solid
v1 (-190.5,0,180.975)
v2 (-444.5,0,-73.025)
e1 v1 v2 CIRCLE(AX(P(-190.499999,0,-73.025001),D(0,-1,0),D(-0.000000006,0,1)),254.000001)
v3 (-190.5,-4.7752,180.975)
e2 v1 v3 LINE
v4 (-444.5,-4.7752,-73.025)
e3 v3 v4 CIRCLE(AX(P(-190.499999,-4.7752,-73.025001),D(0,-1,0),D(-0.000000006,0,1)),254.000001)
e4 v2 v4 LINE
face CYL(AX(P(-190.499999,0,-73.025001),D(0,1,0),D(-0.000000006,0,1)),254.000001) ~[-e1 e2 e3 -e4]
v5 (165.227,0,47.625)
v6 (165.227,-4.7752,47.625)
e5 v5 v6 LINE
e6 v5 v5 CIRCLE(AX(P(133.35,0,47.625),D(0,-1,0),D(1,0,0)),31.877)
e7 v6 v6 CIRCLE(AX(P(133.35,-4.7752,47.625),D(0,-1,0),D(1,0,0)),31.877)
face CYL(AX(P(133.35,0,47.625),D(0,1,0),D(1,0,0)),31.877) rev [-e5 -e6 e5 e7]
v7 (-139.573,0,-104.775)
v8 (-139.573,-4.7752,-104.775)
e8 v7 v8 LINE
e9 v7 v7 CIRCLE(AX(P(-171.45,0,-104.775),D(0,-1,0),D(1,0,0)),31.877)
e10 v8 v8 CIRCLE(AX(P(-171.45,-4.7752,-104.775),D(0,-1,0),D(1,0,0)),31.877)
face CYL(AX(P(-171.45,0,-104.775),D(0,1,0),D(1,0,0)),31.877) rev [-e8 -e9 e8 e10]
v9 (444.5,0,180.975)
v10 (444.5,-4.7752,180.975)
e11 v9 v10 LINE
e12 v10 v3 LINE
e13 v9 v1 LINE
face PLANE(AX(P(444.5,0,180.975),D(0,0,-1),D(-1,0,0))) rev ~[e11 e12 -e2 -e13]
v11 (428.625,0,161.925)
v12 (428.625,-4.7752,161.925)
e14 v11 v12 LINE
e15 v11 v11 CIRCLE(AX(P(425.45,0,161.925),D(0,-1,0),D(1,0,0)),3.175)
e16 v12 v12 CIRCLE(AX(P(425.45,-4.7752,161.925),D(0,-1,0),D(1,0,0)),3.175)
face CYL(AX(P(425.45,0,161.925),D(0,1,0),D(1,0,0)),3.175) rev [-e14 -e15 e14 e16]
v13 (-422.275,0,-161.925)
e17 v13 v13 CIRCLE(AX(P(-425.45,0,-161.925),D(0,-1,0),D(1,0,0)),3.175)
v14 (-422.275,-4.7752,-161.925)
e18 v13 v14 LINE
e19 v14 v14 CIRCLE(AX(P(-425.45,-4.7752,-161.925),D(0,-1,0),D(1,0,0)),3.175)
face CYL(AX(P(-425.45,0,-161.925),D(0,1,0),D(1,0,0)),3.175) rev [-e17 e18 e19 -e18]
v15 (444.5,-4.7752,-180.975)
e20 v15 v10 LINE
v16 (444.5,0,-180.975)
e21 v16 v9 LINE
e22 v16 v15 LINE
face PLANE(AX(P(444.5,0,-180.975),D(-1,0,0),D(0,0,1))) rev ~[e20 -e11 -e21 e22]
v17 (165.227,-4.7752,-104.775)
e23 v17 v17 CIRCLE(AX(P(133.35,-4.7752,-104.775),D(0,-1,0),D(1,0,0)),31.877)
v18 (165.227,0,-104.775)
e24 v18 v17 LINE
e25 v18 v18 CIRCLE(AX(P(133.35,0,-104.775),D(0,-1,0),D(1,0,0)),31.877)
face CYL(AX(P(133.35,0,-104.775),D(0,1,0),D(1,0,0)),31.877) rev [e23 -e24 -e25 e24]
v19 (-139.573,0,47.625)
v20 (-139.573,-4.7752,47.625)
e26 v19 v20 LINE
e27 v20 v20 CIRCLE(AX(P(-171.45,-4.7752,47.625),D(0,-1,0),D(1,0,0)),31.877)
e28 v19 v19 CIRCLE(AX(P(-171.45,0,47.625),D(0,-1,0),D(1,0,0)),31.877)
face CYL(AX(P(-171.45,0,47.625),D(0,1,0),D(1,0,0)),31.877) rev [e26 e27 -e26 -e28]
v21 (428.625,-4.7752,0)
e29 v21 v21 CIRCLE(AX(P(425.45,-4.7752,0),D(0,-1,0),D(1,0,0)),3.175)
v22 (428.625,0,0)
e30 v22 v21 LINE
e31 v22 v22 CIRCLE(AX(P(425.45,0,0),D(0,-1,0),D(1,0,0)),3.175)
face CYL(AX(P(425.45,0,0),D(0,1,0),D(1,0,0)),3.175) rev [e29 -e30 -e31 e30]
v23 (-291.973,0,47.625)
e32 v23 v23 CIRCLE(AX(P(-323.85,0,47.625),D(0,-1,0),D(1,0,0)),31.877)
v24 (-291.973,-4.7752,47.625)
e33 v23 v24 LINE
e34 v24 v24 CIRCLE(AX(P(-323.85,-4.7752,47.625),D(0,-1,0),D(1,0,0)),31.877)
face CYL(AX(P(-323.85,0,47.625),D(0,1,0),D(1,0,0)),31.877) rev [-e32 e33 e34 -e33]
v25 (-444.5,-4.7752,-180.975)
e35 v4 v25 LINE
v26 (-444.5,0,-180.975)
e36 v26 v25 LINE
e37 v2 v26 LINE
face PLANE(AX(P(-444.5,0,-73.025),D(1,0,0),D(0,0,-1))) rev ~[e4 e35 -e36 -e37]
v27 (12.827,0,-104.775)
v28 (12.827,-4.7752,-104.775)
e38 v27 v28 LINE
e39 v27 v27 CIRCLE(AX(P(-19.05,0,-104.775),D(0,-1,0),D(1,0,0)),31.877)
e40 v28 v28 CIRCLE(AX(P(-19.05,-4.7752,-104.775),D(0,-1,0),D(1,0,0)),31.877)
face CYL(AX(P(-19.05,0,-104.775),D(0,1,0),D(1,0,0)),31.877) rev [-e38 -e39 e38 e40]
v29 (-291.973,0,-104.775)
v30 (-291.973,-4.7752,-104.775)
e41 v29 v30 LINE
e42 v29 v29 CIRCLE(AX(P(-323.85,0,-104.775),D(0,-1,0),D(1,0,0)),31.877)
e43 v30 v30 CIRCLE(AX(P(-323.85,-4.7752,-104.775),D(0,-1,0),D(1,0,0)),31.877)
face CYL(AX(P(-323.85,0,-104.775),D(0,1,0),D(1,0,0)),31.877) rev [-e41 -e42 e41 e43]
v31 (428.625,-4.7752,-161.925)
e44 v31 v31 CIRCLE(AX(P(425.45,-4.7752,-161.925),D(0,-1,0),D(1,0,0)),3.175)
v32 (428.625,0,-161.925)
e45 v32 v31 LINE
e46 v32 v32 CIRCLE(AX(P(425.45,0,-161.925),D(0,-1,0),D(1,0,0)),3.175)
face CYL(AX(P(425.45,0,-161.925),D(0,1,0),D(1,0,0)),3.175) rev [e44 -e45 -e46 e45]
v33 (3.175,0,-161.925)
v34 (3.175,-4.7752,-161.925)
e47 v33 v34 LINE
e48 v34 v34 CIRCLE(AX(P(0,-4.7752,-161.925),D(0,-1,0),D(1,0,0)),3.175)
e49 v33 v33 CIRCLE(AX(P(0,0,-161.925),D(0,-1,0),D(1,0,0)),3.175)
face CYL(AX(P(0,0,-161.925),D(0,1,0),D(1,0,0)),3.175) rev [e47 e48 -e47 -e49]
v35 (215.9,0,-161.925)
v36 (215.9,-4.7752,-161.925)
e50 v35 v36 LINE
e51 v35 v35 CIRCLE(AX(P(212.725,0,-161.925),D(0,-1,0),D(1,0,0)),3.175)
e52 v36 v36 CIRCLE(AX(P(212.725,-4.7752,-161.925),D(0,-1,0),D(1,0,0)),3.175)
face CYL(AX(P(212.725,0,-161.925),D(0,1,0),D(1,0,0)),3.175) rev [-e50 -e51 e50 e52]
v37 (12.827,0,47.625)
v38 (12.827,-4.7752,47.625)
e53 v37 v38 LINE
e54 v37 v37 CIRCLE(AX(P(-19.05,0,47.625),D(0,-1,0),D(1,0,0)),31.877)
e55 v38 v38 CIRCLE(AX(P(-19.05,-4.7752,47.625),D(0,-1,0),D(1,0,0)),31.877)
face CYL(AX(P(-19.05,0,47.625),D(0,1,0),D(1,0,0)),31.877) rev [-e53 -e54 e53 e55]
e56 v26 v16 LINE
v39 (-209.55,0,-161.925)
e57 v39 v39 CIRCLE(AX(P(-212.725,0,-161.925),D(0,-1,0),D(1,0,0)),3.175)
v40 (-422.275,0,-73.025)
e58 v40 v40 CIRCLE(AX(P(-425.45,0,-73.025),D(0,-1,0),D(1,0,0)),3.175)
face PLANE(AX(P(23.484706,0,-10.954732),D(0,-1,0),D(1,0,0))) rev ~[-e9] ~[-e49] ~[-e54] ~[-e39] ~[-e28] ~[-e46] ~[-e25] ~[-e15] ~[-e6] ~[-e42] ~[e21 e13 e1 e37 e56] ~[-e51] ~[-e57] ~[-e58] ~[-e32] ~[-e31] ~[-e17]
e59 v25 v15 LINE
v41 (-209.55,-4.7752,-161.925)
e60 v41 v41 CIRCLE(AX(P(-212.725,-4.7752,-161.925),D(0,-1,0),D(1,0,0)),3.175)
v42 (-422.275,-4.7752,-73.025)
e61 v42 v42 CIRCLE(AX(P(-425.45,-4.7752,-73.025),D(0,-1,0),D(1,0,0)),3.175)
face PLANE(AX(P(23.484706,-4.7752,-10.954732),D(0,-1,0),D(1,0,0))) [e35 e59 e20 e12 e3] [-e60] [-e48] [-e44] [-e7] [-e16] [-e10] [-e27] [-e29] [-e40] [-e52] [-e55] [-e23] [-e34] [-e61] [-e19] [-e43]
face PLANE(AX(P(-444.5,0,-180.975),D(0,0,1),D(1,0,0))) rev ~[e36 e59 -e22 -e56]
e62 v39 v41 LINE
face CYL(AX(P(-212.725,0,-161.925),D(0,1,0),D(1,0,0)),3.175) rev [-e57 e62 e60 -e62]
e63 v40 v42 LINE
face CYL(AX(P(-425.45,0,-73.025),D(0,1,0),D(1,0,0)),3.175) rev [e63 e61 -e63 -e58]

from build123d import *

# Parameters (mm, degrees)
F0_R     = 3.175
F0_R_2   = 31.877
F1_DEPTH = 4.7752


with BuildPart() as f1:
    # F0 (on Front) → F1 (new body)
    with BuildSketch(Plane.XZ):
        with BuildLine():
            Line((444.5, 180.975), (-190.5, 180.975))
            ThreePointArc((-190.5, 180.975), (-370.105122, 106.580122), (-444.5, -73.025))
            Line((-444.5, -73.025), (-444.5, -180.975))
            Line((-444.5, -180.975), (444.5, -180.975))
            Line((444.5, -180.975), (444.5, 180.975))
        make_face()
        with Locations((-425.45, -161.925)):
            Circle(F0_R, mode=Mode.SUBTRACT)
        with Locations((-323.85, -104.775)):
            Circle(F0_R_2, mode=Mode.SUBTRACT)
        with Locations((-212.725, -161.925)):
            Circle(F0_R, mode=Mode.SUBTRACT)
        with Locations((-171.45, -104.775)):
            Circle(F0_R_2, mode=Mode.SUBTRACT)
        with Locations((-19.05, -104.775)):
            Circle(F0_R_2, mode=Mode.SUBTRACT)
        with Locations((-425.45, -73.025)):
            Circle(F0_R, mode=Mode.SUBTRACT)
        with Locations((0, -161.925)):
            Circle(F0_R, mode=Mode.SUBTRACT)
        with Locations((212.725, -161.925)):
            Circle(F0_R, mode=Mode.SUBTRACT)
        with Locations((133.35, -104.775)):
            Circle(F0_R_2, mode=Mode.SUBTRACT)
        with Locations((425.45, -161.925)):
            Circle(F0_R, mode=Mode.SUBTRACT)
        with Locations((-323.85, 47.625)):
            Circle(F0_R_2, mode=Mode.SUBTRACT)
        with Locations((-171.45, 47.625)):
            Circle(F0_R_2, mode=Mode.SUBTRACT)
        with Locations((-19.05, 47.625)):
            Circle(F0_R_2, mode=Mode.SUBTRACT)
        with Locations((133.35, 47.625)):
            Circle(F0_R_2, mode=Mode.SUBTRACT)
        with Locations((425.45, 0)):
            Circle(F0_R, mode=Mode.SUBTRACT)
        with Locations((425.45, 161.925)):
            Circle(F0_R, mode=Mode.SUBTRACT)
    extrude(amount=F1_DEPTH)


solid = f1.part
